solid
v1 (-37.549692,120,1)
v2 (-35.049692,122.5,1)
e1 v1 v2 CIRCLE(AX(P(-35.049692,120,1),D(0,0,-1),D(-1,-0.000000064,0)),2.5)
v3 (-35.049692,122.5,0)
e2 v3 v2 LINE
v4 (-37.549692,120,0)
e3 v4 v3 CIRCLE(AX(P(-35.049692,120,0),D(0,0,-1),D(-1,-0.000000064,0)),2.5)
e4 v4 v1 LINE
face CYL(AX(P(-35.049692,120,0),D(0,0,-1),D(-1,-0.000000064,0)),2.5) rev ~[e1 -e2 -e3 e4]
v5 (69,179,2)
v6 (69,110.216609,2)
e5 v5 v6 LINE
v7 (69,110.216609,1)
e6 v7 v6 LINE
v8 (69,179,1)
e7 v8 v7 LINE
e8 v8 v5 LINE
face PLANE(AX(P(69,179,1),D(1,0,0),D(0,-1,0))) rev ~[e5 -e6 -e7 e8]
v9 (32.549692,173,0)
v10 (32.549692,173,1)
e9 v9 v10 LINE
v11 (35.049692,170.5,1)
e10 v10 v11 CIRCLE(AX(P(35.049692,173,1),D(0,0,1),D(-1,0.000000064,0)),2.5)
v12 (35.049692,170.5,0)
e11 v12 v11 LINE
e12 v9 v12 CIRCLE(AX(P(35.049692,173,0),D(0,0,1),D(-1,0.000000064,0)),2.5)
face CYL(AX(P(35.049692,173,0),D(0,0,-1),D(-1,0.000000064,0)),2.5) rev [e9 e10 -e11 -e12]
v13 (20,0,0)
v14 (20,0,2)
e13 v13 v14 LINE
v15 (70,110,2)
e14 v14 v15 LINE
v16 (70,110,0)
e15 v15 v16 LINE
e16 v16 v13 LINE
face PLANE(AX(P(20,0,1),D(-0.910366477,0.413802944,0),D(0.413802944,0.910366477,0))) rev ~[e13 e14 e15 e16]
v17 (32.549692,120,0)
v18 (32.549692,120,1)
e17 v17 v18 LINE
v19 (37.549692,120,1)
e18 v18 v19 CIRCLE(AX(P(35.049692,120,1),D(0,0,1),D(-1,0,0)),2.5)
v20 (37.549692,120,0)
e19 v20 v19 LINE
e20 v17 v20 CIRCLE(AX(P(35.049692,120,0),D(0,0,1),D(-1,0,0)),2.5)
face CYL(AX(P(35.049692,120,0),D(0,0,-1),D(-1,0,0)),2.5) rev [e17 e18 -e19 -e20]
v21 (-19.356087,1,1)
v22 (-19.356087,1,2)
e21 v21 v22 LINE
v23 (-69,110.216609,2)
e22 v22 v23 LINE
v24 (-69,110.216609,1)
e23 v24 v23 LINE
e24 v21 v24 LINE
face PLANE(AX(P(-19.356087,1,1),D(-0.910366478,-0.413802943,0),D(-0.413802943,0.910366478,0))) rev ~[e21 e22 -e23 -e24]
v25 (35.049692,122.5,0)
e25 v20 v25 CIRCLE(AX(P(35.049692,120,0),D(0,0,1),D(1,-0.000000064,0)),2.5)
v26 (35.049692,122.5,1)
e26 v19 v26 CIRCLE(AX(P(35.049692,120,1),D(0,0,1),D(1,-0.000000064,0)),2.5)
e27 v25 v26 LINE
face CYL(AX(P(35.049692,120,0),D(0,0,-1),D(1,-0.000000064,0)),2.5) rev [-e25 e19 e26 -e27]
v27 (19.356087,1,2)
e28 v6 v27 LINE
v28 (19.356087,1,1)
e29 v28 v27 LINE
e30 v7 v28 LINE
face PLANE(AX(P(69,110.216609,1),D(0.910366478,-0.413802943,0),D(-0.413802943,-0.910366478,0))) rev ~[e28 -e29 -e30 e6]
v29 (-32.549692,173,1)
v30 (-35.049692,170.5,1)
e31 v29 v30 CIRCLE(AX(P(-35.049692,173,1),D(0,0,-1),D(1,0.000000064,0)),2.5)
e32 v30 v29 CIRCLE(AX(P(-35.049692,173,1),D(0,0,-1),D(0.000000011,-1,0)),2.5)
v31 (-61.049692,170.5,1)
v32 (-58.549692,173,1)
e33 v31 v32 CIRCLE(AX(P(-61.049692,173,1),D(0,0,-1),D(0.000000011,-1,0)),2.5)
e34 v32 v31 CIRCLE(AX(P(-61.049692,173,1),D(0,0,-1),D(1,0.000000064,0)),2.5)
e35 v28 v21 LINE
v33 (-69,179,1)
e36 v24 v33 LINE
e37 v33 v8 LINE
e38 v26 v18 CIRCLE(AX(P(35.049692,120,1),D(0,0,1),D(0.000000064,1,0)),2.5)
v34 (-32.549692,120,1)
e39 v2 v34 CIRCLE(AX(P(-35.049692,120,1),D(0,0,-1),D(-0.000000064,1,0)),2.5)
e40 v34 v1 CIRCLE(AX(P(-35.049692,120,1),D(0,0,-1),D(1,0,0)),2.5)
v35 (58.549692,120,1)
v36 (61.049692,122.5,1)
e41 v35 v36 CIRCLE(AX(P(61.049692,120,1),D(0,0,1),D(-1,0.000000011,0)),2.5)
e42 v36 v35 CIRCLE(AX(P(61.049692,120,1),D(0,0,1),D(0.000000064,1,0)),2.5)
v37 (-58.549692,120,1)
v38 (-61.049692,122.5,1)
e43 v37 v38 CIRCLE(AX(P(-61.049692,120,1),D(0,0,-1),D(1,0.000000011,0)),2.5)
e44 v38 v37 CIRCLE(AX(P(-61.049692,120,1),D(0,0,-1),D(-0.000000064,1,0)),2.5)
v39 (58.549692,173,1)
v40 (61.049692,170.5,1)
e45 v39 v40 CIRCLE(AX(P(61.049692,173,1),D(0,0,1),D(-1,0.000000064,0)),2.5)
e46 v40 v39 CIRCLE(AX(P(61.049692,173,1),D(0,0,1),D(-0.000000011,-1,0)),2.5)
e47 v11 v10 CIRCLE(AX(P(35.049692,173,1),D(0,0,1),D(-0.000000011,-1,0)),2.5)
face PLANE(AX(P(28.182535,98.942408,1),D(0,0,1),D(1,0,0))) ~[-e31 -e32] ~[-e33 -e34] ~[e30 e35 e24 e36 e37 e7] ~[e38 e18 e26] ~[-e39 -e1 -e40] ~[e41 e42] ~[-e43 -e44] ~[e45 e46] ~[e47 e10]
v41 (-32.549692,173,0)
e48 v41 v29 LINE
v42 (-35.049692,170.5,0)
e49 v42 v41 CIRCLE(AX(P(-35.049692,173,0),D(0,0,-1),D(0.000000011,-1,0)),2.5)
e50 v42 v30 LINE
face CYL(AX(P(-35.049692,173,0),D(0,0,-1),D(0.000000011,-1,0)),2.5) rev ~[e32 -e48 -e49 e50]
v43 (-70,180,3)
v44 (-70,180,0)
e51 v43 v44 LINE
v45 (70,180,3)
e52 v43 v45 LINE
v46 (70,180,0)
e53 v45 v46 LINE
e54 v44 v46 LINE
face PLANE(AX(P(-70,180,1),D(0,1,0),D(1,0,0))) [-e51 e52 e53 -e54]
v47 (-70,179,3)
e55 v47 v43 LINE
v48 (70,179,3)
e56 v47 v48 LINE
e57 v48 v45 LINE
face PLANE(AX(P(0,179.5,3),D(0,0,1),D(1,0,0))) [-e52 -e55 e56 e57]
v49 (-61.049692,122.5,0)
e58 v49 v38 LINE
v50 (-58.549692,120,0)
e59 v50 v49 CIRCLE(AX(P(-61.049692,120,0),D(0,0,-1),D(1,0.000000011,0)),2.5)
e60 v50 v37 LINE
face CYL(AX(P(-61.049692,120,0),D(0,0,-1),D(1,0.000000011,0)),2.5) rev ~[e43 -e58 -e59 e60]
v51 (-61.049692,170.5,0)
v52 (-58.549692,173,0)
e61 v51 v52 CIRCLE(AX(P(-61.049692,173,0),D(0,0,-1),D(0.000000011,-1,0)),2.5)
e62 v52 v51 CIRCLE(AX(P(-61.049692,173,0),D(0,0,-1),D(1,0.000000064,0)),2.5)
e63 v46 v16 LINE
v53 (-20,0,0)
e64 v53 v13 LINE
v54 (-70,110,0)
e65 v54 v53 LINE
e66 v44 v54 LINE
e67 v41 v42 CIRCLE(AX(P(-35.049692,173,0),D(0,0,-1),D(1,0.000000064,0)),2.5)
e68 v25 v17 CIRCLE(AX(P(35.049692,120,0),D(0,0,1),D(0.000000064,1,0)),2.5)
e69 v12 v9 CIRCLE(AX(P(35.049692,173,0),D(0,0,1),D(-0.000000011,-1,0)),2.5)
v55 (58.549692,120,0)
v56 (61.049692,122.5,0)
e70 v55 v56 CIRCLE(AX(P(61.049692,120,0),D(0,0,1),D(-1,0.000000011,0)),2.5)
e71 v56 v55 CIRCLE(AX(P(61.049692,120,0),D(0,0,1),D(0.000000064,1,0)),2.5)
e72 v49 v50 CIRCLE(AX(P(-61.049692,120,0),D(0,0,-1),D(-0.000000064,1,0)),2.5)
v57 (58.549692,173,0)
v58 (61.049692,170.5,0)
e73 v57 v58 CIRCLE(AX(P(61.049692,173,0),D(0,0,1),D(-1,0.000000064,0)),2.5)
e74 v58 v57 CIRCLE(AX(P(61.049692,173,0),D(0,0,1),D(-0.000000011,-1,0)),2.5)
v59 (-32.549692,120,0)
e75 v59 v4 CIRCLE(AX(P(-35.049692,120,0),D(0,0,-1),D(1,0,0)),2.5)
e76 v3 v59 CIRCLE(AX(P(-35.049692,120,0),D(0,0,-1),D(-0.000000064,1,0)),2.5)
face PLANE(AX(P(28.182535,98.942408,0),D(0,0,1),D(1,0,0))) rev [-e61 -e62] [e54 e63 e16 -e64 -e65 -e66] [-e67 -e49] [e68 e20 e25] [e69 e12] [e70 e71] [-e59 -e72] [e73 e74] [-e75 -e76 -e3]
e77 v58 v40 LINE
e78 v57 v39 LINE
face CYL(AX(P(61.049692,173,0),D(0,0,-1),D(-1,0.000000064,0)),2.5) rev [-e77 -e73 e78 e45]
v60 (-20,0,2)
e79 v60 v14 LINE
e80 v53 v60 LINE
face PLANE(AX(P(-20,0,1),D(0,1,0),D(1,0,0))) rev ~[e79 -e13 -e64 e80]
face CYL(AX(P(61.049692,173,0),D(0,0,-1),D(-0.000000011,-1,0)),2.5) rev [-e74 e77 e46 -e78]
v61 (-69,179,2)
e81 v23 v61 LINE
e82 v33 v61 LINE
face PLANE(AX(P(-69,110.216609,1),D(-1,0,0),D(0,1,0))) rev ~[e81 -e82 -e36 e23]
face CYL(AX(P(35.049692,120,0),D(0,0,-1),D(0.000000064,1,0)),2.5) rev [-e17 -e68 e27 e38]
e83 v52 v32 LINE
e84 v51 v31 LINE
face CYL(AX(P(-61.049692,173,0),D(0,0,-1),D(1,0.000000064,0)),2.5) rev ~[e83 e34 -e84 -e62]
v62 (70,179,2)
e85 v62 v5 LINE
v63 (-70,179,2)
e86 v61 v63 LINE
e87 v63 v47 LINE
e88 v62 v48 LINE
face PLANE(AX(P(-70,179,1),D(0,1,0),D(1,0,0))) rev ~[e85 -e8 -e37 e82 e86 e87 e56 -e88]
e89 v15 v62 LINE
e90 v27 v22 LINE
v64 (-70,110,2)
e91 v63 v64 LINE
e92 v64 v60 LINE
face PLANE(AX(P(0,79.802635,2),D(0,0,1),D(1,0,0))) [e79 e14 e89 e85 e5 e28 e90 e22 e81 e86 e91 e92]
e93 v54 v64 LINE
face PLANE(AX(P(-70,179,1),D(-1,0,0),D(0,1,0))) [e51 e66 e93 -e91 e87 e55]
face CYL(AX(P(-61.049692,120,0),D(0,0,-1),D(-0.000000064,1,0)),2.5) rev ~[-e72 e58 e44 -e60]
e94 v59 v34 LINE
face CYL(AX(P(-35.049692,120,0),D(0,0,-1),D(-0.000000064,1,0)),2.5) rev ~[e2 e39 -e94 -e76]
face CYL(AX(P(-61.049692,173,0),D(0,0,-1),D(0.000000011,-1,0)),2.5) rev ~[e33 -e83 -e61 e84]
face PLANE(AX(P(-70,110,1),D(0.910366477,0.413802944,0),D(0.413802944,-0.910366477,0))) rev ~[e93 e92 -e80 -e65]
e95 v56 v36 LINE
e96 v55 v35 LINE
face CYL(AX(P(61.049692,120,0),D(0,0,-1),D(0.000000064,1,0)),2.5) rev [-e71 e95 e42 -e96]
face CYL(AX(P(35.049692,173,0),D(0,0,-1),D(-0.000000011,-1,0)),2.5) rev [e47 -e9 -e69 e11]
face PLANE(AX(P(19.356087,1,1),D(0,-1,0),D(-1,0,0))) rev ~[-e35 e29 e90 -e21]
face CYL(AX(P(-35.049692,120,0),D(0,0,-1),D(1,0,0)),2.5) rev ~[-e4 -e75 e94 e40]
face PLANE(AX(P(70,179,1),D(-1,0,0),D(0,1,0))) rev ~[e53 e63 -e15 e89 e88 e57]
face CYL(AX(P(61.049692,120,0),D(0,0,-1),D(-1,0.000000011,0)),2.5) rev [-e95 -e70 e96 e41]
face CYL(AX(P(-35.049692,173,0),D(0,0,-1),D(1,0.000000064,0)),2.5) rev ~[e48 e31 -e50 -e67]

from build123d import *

# Parameters (mm, degrees)
F1_DEPTH = 1
F3_W     = 140
F3_H     = 1
F4_DEPTH = 2
F6_DEPTH = 1


with BuildPart() as f1:
    # F0 (on Top) → F1 (new body)
    with BuildSketch(Plane.XY):
        Polygon((-20, 0), (0, 0), (0, 180), (-70, 180), (-70, 110), align=None)
        with BuildLine():
            ThreePointArc((-58.549692, 120), (-62.817459, 118.232233), (-61.049692, 122.5))
            ThreePointArc((-61.049692, 122.5), (-59.281925, 121.767767), (-58.549692, 120))
        make_face(mode=Mode.SUBTRACT)
        with BuildLine():
            ThreePointArc((-32.549692, 120), (-35.049692, 117.5), (-37.549692, 120))
            ThreePointArc((-37.549692, 120), (-36.817459, 121.767767), (-35.049692, 122.5))
            ThreePointArc((-35.049692, 122.5), (-33.281925, 121.767767), (-32.549692, 120))
        make_face(mode=Mode.SUBTRACT)
        with BuildLine():
            ThreePointArc((-61.049692, 170.5), (-62.817459, 174.767767), (-58.549692, 173))
            ThreePointArc((-58.549692, 173), (-59.281925, 171.232233), (-61.049692, 170.5))
        make_face(mode=Mode.SUBTRACT)
        with BuildLine():
            ThreePointArc((-32.549692, 173), (-33.281925, 171.232233), (-35.049692, 170.5))
            ThreePointArc((-35.049692, 170.5), (-36.817459, 174.767767), (-32.549692, 173))
        make_face(mode=Mode.SUBTRACT)
    extrude(amount=F1_DEPTH)

    # F2: F1 across face


with BuildPart() as f1_1:
    add(f1.part)
    add(f1.part.mirror(Plane(origin=(0, 90, 0.5), x_dir=(0, 1, 0), z_dir=(1, 0, 0))))

    # F3 (on face) → F4 (join)
    with BuildSketch(Plane.XY.offset(1)):
        with Locations((0, 179.5)):
            Rectangle(F3_W, F3_H)
    extrude(amount=F4_DEPTH)

    # F5 (on face) → F6 (join)
    with BuildSketch(Plane.XY.offset(1)):
        Polygon((-69, 110.216609), (-69, 179), (-70, 179), (-70, 110), (-20, 0), (-16.780434, 0), (16.780434, 0), (20, 0), (70, 110), (70, 179), (69, 179), (69, 110.216609), (19.356087, 1), (-19.356087, 1), align=None)
    extrude(amount=F6_DEPTH)


solid = f1_1.part
